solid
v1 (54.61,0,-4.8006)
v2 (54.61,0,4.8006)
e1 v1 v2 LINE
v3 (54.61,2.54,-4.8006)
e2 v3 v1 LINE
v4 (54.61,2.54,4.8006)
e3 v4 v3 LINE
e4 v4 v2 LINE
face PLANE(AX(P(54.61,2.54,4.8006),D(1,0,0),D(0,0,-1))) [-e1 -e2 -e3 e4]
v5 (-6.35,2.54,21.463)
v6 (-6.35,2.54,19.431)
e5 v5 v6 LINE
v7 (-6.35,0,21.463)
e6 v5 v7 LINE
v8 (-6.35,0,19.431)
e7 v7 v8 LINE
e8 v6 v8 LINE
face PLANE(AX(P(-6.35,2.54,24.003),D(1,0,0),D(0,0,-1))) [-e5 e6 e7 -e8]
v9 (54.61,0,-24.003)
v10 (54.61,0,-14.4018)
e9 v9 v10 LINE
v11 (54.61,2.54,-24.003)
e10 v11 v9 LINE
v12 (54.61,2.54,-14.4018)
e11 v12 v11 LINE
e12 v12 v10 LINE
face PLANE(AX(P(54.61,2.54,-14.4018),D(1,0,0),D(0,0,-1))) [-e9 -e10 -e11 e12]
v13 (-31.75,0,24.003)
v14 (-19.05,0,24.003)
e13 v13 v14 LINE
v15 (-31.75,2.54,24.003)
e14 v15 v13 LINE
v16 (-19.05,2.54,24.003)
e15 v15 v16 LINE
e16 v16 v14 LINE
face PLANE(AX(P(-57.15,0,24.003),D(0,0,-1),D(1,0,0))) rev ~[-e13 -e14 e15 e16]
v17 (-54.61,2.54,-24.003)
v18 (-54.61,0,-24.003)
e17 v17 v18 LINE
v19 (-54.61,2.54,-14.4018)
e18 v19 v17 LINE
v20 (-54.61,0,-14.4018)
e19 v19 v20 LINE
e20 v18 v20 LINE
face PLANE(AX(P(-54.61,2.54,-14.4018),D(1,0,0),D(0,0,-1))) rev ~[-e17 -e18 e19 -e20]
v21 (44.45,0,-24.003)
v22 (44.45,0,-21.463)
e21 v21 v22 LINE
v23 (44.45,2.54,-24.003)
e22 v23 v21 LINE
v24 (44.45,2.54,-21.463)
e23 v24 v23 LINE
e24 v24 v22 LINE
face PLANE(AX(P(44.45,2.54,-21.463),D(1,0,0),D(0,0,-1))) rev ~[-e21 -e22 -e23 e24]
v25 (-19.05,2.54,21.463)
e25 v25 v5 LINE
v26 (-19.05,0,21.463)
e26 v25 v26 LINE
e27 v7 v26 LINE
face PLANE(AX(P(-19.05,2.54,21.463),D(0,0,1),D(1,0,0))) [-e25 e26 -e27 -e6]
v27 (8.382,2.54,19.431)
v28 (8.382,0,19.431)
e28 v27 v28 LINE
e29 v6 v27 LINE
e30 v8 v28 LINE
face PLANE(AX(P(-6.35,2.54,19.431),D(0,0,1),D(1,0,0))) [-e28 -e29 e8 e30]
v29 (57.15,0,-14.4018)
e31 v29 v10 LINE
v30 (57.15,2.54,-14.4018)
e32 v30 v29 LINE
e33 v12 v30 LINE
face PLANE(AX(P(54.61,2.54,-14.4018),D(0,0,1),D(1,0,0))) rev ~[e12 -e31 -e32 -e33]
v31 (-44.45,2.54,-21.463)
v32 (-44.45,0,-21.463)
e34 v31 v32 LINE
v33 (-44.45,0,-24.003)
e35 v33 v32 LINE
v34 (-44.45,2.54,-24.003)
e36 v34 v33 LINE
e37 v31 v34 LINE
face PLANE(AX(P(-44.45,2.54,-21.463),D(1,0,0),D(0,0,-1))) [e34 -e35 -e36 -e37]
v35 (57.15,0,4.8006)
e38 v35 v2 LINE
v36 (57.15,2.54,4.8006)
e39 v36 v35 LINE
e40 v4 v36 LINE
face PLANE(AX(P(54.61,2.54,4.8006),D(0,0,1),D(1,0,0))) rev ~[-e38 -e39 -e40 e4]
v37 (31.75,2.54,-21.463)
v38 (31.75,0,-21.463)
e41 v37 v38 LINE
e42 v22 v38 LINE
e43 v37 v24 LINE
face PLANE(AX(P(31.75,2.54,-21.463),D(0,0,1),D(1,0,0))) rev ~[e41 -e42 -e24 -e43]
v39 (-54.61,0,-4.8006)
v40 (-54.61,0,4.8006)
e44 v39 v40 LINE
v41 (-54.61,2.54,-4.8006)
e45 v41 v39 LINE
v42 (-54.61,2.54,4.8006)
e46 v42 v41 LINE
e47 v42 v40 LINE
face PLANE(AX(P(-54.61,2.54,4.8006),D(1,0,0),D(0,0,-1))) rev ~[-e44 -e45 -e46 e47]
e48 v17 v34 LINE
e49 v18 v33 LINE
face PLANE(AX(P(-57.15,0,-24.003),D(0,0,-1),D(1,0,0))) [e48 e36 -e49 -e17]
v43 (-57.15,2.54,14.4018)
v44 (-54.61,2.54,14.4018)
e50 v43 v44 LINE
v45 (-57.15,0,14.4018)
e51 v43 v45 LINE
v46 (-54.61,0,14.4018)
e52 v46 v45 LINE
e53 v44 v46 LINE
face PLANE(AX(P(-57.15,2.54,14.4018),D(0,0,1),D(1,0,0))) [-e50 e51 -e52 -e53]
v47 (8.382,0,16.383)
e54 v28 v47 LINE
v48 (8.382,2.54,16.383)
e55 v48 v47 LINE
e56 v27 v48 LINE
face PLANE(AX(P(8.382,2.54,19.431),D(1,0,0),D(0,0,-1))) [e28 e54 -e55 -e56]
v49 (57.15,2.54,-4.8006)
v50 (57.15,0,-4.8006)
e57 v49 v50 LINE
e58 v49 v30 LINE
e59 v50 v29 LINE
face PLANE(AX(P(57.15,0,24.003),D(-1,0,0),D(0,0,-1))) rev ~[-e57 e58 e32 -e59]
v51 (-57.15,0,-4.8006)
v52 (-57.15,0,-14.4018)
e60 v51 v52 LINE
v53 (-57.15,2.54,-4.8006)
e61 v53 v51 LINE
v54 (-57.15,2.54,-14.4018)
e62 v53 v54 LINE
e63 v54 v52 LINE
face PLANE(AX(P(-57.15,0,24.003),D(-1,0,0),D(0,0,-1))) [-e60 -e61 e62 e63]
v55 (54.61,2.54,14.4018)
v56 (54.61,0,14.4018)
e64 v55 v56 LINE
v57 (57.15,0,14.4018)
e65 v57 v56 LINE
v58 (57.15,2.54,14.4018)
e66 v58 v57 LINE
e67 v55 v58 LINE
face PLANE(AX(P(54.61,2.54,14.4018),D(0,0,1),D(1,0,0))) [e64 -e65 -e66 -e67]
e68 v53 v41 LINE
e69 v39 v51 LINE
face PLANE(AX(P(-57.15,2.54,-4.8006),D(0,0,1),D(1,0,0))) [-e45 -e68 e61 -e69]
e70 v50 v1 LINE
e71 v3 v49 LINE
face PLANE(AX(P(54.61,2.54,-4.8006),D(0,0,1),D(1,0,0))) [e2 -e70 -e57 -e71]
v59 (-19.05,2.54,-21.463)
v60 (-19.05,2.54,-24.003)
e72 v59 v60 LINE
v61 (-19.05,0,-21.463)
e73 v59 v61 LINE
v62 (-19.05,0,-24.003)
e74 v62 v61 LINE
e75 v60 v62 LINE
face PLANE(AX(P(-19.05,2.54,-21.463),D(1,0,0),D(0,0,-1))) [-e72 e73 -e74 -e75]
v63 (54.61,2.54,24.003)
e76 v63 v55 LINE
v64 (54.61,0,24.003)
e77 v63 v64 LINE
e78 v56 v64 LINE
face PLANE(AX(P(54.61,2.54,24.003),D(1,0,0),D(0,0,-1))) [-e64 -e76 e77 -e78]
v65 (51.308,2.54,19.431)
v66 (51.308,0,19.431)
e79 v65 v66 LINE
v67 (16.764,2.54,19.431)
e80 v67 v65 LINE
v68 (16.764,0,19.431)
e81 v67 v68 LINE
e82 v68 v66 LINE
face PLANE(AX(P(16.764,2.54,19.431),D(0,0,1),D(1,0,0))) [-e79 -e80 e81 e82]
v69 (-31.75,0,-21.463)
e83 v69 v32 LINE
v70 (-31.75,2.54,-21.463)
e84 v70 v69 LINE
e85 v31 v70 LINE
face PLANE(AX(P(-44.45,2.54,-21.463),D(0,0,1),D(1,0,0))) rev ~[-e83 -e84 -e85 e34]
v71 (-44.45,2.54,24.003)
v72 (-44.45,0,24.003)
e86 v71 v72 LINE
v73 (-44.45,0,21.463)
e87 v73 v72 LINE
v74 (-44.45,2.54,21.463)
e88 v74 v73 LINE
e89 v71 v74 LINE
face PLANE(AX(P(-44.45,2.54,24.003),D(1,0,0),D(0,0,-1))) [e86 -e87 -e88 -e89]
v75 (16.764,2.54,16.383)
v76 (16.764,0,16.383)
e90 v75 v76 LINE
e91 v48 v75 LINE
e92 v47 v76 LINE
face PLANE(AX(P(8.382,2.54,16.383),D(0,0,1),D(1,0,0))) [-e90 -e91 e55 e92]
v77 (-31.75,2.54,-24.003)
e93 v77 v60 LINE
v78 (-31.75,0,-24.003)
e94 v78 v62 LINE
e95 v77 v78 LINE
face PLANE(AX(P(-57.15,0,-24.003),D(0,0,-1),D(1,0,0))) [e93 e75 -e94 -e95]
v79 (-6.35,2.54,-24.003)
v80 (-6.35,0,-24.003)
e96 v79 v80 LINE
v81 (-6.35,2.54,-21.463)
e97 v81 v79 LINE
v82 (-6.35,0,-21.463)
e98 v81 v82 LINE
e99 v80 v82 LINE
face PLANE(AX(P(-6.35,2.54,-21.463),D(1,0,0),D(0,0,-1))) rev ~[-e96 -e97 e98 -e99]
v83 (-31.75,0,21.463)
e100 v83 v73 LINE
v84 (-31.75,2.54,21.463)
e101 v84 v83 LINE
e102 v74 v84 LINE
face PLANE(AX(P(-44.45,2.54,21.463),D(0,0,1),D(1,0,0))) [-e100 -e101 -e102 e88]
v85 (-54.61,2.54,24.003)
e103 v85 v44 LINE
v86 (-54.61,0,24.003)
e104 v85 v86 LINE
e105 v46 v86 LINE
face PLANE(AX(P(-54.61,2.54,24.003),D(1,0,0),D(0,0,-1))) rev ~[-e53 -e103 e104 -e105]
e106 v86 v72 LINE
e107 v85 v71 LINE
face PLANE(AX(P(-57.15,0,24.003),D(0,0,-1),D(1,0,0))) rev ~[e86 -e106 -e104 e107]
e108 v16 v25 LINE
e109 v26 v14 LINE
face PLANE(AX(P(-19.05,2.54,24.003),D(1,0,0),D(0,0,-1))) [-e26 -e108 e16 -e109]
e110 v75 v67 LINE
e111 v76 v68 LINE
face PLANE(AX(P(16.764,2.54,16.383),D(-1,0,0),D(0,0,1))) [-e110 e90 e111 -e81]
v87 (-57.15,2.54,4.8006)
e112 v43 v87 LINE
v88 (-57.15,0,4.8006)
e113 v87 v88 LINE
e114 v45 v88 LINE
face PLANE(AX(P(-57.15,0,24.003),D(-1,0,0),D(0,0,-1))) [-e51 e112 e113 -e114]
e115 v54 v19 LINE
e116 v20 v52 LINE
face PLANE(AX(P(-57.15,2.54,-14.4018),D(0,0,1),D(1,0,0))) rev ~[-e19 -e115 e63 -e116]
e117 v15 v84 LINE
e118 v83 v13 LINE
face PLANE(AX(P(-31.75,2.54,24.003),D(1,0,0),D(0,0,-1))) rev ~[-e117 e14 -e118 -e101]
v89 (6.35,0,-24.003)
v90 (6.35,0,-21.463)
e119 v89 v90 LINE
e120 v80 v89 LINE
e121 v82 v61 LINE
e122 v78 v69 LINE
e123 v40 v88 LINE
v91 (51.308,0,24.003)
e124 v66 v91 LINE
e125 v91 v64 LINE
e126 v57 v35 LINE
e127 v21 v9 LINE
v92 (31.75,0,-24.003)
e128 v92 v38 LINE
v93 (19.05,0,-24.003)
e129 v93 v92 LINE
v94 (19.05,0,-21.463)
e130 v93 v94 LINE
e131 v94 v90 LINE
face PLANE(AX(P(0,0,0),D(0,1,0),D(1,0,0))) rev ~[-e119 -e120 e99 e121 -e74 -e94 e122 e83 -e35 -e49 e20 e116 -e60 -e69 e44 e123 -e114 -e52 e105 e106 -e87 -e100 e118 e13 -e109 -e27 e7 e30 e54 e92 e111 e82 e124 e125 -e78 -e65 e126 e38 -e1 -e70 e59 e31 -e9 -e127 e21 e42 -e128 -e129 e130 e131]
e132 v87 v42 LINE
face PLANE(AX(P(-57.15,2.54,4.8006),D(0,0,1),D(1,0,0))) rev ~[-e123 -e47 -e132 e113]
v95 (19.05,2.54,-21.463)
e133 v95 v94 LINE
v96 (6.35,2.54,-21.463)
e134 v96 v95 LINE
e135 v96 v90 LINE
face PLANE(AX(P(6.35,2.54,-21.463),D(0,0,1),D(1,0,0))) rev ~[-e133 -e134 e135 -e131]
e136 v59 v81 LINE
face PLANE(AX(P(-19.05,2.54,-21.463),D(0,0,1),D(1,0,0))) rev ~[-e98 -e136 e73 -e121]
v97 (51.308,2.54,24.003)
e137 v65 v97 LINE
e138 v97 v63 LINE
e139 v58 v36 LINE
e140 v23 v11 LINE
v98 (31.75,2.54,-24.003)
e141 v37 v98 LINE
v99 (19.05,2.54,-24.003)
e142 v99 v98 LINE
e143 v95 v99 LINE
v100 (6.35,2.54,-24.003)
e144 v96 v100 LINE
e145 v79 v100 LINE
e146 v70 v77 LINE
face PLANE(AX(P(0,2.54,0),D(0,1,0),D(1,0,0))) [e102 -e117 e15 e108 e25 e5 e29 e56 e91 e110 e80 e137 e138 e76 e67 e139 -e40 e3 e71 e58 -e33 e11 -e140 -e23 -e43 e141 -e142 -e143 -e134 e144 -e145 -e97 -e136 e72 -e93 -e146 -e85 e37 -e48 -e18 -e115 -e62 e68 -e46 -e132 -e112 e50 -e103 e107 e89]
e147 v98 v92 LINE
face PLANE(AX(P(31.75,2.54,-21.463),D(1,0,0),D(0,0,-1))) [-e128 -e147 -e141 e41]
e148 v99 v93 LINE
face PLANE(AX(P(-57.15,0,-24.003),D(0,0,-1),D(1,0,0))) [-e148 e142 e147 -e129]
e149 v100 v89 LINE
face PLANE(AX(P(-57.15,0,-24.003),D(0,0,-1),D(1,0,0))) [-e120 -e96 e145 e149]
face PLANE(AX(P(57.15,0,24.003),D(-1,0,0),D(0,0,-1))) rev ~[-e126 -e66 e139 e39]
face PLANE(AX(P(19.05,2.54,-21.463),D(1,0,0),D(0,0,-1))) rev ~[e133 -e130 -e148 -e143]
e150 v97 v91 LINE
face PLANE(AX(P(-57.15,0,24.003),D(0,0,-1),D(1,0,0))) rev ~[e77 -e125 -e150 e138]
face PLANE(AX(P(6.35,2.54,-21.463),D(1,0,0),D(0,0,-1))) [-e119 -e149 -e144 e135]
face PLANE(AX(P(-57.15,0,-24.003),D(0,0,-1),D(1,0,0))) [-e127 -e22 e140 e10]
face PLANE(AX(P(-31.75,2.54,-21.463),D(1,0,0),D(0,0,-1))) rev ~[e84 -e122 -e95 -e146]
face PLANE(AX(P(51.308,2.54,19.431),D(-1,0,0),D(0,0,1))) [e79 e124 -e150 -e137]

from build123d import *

# Parameters (mm, degrees)
SKETCH1_W           = 114.3
SKETCH1_H           = 48.006
BOSS_EXTRUDE1_DEPTH = 2.54
CUT_EXTRUDE2_REACH  = 64.038
SKETCH2_W           = 2.54
SKETCH2_H           = 9.6012
SKETCH2_W_2         = 12.7
SKETCH2_H_2         = 2.54
CUT_EXTRUDE3_DEPTH  = 2.54


with BuildPart() as part:
    # Sketch1 → Boss-Extrude1 (new body)
    with BuildSketch(Plane(origin=(0, 0, 0), x_dir=(1, 0, 0), z_dir=(0, 1, 0))):
        Rectangle(SKETCH1_W, SKETCH1_H)
    extrude(amount=BOSS_EXTRUDE1_DEPTH)

    # Sketch2 → Cut-Extrude2 (cut, up to next)
    with BuildSketch(Plane(origin=(0, 2.54, 0), x_dir=(1, 0, 0), z_dir=(0, 1, 0)), mode=Mode.PRIVATE) as cut_extrude2_sk1:
        with Locations((-55.88, 19.2024)):
            Rectangle(SKETCH2_W, SKETCH2_H)
    cut_extrude2_tool1 = extrude(cut_extrude2_sk1.sketch, amount=-CUT_EXTRUDE2_REACH, mode=Mode.PRIVATE) & part.part
    # Sketch2 → Cut-Extrude2 (cut, up to next)
    with BuildSketch(Plane(origin=(0, 2.54, 0), x_dir=(1, 0, 0), z_dir=(0, 1, 0)), mode=Mode.PRIVATE) as cut_extrude2_sk2:
        with Locations((-38.1, 22.733)):
            Rectangle(SKETCH2_W_2, SKETCH2_H_2)
    cut_extrude2_tool2 = extrude(cut_extrude2_sk2.sketch, amount=-CUT_EXTRUDE2_REACH, mode=Mode.PRIVATE) & part.part
    # Sketch2 → Cut-Extrude2 (cut, up to next)
    with BuildSketch(Plane(origin=(0, 2.54, 0), x_dir=(1, 0, 0), z_dir=(0, 1, 0)), mode=Mode.PRIVATE) as cut_extrude2_sk3:
        with Locations((-12.7, 22.733)):
            Rectangle(SKETCH2_W_2, SKETCH2_H_2)
    cut_extrude2_tool3 = extrude(cut_extrude2_sk3.sketch, amount=-CUT_EXTRUDE2_REACH, mode=Mode.PRIVATE) & part.part
    # Sketch2 → Cut-Extrude2 (cut, up to next)
    with BuildSketch(Plane(origin=(0, 2.54, 0), x_dir=(1, 0, 0), z_dir=(0, 1, 0)), mode=Mode.PRIVATE) as cut_extrude2_sk4:
        with Locations((12.7, 22.733)):
            Rectangle(SKETCH2_W_2, SKETCH2_H_2)
    cut_extrude2_tool4 = extrude(cut_extrude2_sk4.sketch, amount=-CUT_EXTRUDE2_REACH, mode=Mode.PRIVATE) & part.part
    # Sketch2 → Cut-Extrude2 (cut, up to next)
    with BuildSketch(Plane(origin=(0, 2.54, 0), x_dir=(1, 0, 0), z_dir=(0, 1, 0)), mode=Mode.PRIVATE) as cut_extrude2_sk5:
        with Locations((38.1, 22.733)):
            Rectangle(SKETCH2_W_2, SKETCH2_H_2)
    cut_extrude2_tool5 = extrude(cut_extrude2_sk5.sketch, amount=-CUT_EXTRUDE2_REACH, mode=Mode.PRIVATE) & part.part
    # Sketch2 → Cut-Extrude2 (cut, up to next)
    with BuildSketch(Plane(origin=(0, 2.54, 0), x_dir=(1, 0, 0), z_dir=(0, 1, 0)), mode=Mode.PRIVATE) as cut_extrude2_sk6:
        with Locations((55.88, 19.2024)):
            Rectangle(SKETCH2_W, SKETCH2_H)
    cut_extrude2_tool6 = extrude(cut_extrude2_sk6.sketch, amount=-CUT_EXTRUDE2_REACH, mode=Mode.PRIVATE) & part.part
    # Sketch2 → Cut-Extrude2 (cut, up to next)
    with BuildSketch(Plane(origin=(0, 2.54, 0), x_dir=(1, 0, 0), z_dir=(0, 1, 0)), mode=Mode.PRIVATE) as cut_extrude2_sk7:
        with Locations((55.88, 0)):
            Rectangle(SKETCH2_W, SKETCH2_H)
    cut_extrude2_tool7 = extrude(cut_extrude2_sk7.sketch, amount=-CUT_EXTRUDE2_REACH, mode=Mode.PRIVATE) & part.part
    # Sketch2 → Cut-Extrude2 (cut, up to next)
    with BuildSketch(Plane(origin=(0, 2.54, 0), x_dir=(1, 0, 0), z_dir=(0, 1, 0)), mode=Mode.PRIVATE) as cut_extrude2_sk8:
        with Locations((55.88, -19.2024)):
            Rectangle(SKETCH2_W, SKETCH2_H)
    cut_extrude2_tool8 = extrude(cut_extrude2_sk8.sketch, amount=-CUT_EXTRUDE2_REACH, mode=Mode.PRIVATE) & part.part
    # Sketch2 → Cut-Extrude2 (cut, up to next)
    with BuildSketch(Plane(origin=(0, 2.54, 0), x_dir=(1, 0, 0), z_dir=(0, 1, 0)), mode=Mode.PRIVATE) as cut_extrude2_sk9:
        with Locations((38.1, -22.733)):
            Rectangle(SKETCH2_W_2, SKETCH2_H_2)
    cut_extrude2_tool9 = extrude(cut_extrude2_sk9.sketch, amount=-CUT_EXTRUDE2_REACH, mode=Mode.PRIVATE) & part.part
    # Sketch2 → Cut-Extrude2 (cut, up to next)
    with BuildSketch(Plane(origin=(0, 2.54, 0), x_dir=(1, 0, 0), z_dir=(0, 1, 0)), mode=Mode.PRIVATE) as cut_extrude2_sk10:
        with Locations((12.7, -22.733)):
            Rectangle(SKETCH2_W_2, SKETCH2_H_2)
    cut_extrude2_tool10 = extrude(cut_extrude2_sk10.sketch, amount=-CUT_EXTRUDE2_REACH, mode=Mode.PRIVATE) & part.part
    # Sketch2 → Cut-Extrude2 (cut, up to next)
    with BuildSketch(Plane(origin=(0, 2.54, 0), x_dir=(1, 0, 0), z_dir=(0, 1, 0)), mode=Mode.PRIVATE) as cut_extrude2_sk11:
        with Locations((-12.7, -22.733)):
            Rectangle(SKETCH2_W_2, SKETCH2_H_2)
    cut_extrude2_tool11 = extrude(cut_extrude2_sk11.sketch, amount=-CUT_EXTRUDE2_REACH, mode=Mode.PRIVATE) & part.part
    # Sketch2 → Cut-Extrude2 (cut, up to next)
    with BuildSketch(Plane(origin=(0, 2.54, 0), x_dir=(1, 0, 0), z_dir=(0, 1, 0)), mode=Mode.PRIVATE) as cut_extrude2_sk12:
        with Locations((-38.1, -22.733)):
            Rectangle(SKETCH2_W_2, SKETCH2_H_2)
    cut_extrude2_tool12 = extrude(cut_extrude2_sk12.sketch, amount=-CUT_EXTRUDE2_REACH, mode=Mode.PRIVATE) & part.part
    # Sketch2 → Cut-Extrude2 (cut, up to next)
    with BuildSketch(Plane(origin=(0, 2.54, 0), x_dir=(1, 0, 0), z_dir=(0, 1, 0)), mode=Mode.PRIVATE) as cut_extrude2_sk13:
        with Locations((-55.88, -19.2024)):
            Rectangle(SKETCH2_W, SKETCH2_H)
    cut_extrude2_tool13 = extrude(cut_extrude2_sk13.sketch, amount=-CUT_EXTRUDE2_REACH, mode=Mode.PRIVATE) & part.part
    # Sketch2 → Cut-Extrude2 (cut, up to next)
    with BuildSketch(Plane(origin=(0, 2.54, 0), x_dir=(1, 0, 0), z_dir=(0, 1, 0)), mode=Mode.PRIVATE) as cut_extrude2_sk14:
        with Locations((-55.88, 0)):
            Rectangle(SKETCH2_W, SKETCH2_H)
    cut_extrude2_tool14 = extrude(cut_extrude2_sk14.sketch, amount=-CUT_EXTRUDE2_REACH, mode=Mode.PRIVATE) & part.part
    add(cut_extrude2_tool1.solids().sort_by_distance((-55.88, 2.54, -19.2024))[0], mode=Mode.SUBTRACT)
    add(cut_extrude2_tool2.solids().sort_by_distance((-38.1, 2.54, -22.733))[0], mode=Mode.SUBTRACT)
    add(cut_extrude2_tool3.solids().sort_by_distance((-12.7, 2.54, -22.733))[0], mode=Mode.SUBTRACT)
    add(cut_extrude2_tool4.solids().sort_by_distance((12.7, 2.54, -22.733))[0], mode=Mode.SUBTRACT)
    add(cut_extrude2_tool5.solids().sort_by_distance((38.1, 2.54, -22.733))[0], mode=Mode.SUBTRACT)
    add(cut_extrude2_tool6.solids().sort_by_distance((55.88, 2.54, -19.2024))[0], mode=Mode.SUBTRACT)
    add(cut_extrude2_tool7.solids().sort_by_distance((55.88, 2.54, 0))[0], mode=Mode.SUBTRACT)
    add(cut_extrude2_tool8.solids().sort_by_distance((55.88, 2.54, 19.2024))[0], mode=Mode.SUBTRACT)
    add(cut_extrude2_tool9.solids().sort_by_distance((38.1, 2.54, 22.733))[0], mode=Mode.SUBTRACT)
    add(cut_extrude2_tool10.solids().sort_by_distance((12.7, 2.54, 22.733))[0], mode=Mode.SUBTRACT)
    add(cut_extrude2_tool11.solids().sort_by_distance((-12.7, 2.54, 22.733))[0], mode=Mode.SUBTRACT)
    add(cut_extrude2_tool12.solids().sort_by_distance((-38.1, 2.54, 22.733))[0], mode=Mode.SUBTRACT)
    add(cut_extrude2_tool13.solids().sort_by_distance((-55.88, 2.54, 19.2024))[0], mode=Mode.SUBTRACT)
    add(cut_extrude2_tool14.solids().sort_by_distance((-55.88, 2.54, 0))[0], mode=Mode.SUBTRACT)

    # Sketch5 → Cut-Extrude3 (cut)
    with BuildSketch(Plane(origin=(0, 2.54, 0), x_dir=(1, 0, 0), z_dir=(0, 1, 0))):
        Polygon((16.764, -19.431), (51.308, -19.431), (51.308, -24.003), (-6.35, -24.003), (-6.35, -19.431), (8.382, -19.431), (8.382, -16.383), (16.764, -16.383), align=None)
    extrude(amount=-CUT_EXTRUDE3_DEPTH, mode=Mode.SUBTRACT)


solid = part.part
